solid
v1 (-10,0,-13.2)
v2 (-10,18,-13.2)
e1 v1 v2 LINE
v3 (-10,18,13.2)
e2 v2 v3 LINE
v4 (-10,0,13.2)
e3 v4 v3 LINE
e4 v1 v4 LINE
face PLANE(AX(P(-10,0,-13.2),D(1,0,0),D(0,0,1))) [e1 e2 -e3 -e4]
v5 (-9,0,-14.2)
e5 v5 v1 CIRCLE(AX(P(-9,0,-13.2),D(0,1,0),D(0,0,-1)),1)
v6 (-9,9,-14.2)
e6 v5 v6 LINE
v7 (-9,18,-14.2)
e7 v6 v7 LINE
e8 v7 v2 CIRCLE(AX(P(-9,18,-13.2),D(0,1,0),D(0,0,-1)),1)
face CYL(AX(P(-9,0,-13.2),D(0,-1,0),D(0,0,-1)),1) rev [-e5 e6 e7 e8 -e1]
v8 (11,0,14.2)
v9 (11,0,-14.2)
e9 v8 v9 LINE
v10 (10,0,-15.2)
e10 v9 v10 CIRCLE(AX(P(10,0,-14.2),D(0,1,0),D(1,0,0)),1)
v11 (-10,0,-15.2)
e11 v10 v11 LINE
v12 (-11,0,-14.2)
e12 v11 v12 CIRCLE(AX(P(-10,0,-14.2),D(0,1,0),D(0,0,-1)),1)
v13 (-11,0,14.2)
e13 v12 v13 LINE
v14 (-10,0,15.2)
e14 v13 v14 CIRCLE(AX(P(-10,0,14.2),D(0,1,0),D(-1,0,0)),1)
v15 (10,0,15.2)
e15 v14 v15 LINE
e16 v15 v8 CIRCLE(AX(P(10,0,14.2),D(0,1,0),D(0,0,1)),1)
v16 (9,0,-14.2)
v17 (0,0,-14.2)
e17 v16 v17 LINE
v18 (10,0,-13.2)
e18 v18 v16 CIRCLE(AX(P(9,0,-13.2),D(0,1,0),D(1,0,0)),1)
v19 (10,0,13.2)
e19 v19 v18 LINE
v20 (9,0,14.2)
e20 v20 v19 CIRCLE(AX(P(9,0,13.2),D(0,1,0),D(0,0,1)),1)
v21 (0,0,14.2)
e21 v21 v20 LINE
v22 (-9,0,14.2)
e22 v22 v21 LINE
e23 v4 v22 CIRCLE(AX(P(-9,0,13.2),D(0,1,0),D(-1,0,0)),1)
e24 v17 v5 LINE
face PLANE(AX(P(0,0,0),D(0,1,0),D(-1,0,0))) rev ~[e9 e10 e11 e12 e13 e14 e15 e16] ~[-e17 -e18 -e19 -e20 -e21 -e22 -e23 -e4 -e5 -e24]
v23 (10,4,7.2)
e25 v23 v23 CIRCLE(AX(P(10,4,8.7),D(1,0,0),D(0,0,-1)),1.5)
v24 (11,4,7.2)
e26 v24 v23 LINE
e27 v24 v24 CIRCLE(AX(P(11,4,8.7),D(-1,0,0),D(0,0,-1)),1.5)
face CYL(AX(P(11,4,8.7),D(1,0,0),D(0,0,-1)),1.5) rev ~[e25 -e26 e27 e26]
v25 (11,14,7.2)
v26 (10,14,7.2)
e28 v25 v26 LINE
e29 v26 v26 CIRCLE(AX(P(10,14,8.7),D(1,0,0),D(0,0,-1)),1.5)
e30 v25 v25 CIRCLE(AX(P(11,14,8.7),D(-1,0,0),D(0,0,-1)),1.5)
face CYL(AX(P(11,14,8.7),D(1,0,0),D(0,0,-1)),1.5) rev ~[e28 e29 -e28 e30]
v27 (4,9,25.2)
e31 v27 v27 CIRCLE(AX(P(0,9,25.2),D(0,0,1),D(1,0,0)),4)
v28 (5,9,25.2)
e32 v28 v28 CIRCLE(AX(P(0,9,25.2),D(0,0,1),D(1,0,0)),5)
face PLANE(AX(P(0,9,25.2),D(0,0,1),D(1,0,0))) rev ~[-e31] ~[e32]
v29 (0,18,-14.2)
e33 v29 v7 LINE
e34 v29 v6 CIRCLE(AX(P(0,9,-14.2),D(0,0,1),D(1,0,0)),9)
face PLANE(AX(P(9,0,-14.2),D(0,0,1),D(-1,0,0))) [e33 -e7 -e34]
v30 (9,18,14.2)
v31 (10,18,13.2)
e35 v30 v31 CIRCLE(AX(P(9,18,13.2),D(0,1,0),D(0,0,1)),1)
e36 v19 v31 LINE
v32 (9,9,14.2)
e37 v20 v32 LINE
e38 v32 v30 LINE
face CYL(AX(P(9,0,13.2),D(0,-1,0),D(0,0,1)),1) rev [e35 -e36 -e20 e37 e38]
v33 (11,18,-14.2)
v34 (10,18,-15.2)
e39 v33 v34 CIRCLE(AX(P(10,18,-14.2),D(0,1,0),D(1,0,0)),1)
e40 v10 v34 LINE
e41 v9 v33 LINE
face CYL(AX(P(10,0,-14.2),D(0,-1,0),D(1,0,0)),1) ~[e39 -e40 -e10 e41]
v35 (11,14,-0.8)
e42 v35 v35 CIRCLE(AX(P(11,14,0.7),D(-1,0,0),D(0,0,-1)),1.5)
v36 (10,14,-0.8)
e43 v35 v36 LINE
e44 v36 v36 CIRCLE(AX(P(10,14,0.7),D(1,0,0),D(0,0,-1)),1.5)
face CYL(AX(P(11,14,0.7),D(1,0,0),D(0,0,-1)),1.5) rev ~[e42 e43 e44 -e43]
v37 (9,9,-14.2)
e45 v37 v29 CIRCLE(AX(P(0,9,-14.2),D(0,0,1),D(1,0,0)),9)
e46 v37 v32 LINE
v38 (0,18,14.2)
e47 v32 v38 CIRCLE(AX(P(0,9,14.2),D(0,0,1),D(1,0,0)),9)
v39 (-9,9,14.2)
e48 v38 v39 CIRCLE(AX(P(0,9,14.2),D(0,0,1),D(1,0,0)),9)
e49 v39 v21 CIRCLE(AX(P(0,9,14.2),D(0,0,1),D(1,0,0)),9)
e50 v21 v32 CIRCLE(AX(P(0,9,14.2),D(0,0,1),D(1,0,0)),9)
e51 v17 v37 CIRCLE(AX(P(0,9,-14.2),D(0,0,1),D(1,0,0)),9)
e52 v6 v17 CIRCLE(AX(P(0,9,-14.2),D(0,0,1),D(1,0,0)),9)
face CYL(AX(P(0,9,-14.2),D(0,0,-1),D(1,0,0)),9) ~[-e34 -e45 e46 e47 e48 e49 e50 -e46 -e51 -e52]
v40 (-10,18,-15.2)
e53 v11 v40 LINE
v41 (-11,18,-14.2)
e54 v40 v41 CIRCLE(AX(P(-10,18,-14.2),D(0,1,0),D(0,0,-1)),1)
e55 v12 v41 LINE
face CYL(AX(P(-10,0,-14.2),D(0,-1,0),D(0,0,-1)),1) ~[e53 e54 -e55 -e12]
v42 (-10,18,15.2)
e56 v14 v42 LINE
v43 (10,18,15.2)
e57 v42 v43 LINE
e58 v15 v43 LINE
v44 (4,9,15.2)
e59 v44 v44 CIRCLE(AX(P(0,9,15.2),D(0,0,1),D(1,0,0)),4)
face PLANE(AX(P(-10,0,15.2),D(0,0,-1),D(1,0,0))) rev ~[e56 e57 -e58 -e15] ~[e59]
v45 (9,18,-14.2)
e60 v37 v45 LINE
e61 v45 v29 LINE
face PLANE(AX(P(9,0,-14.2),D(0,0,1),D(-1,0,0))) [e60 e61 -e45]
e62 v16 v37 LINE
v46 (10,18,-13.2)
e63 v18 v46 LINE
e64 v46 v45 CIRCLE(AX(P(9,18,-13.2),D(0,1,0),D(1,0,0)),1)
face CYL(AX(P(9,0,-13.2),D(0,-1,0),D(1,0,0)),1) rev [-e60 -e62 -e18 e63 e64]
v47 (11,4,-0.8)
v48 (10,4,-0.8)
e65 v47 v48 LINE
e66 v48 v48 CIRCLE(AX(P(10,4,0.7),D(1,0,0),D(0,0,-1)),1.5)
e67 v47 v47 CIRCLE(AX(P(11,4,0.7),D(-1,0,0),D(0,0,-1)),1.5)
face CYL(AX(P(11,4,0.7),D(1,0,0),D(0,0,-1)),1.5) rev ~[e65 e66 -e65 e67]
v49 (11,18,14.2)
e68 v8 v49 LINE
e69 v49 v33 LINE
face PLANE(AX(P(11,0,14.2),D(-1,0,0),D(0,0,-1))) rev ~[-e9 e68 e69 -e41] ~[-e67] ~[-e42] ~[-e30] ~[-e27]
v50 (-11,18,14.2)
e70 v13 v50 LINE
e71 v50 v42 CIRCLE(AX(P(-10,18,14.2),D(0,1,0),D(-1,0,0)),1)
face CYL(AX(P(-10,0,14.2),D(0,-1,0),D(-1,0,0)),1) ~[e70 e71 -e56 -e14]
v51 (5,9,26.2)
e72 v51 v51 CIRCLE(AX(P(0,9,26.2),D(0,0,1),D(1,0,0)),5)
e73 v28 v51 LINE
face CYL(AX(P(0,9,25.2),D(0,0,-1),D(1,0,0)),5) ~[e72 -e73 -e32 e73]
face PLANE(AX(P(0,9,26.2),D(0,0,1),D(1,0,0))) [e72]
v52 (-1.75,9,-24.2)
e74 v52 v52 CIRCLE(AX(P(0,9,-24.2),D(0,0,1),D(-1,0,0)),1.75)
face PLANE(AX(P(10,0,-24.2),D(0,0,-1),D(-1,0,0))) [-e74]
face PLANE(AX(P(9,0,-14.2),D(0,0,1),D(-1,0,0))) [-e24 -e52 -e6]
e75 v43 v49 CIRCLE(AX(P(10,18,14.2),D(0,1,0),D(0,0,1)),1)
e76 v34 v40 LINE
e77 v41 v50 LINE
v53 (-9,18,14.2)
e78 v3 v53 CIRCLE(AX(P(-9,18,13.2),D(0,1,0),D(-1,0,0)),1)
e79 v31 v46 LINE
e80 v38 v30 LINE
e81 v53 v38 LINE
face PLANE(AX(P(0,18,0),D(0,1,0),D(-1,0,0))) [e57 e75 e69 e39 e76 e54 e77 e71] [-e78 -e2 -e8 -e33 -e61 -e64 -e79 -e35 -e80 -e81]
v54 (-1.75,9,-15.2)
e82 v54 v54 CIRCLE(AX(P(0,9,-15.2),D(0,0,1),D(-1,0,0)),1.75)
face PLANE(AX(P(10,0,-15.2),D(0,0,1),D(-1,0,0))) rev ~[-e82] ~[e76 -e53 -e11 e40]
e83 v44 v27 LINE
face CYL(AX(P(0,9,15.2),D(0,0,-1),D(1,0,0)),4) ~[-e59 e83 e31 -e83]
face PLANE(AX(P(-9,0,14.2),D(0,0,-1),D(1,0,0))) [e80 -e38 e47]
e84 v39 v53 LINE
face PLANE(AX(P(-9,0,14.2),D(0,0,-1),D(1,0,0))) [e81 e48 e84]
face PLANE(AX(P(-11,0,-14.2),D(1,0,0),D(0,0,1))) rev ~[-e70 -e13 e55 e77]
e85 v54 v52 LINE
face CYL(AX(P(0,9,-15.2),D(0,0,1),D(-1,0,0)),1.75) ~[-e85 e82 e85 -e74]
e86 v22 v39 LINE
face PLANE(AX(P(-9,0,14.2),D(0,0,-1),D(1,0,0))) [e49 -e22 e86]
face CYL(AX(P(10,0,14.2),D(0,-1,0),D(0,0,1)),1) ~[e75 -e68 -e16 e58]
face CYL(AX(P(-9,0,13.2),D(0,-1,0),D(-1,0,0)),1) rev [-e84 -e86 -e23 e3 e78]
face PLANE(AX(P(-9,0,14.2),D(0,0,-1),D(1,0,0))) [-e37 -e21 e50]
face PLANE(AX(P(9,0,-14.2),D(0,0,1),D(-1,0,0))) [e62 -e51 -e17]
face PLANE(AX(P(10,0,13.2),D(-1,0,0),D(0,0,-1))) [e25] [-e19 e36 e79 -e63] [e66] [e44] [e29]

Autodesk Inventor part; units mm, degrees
ref_plane "YZ Plane" through (0, 0, 0) normal (1, 0, 0) x (0, 1, 0)
ref_plane "XZ Plane" through (0, 0, 0) normal (0, 1, 0) x (-1, 0, 0)
ref_plane "XY Plane" through (0, 0, 0) normal (0, 0, 1) x (1, 0, 0)
sketch "Sketch1" plane through (0, 0, 0) normal (0, 1, 0) x (-1, 0, 0)
  line L0 (-11, 14.2) -> (-11, -14.2)
  line L1 (-10, -15.2) -> (10, -15.2)
  line L2 (11, -14.2) -> (11, 14.2)
  line L3 (10, 15.2) -> (-10, 15.2)
  line L4 (-11, 15.2) -> (11, -15.2) construction
  line L5 (-11, -15.2) -> (11, 15.2) construction
  line L6 (-10, 13.2) -> (-10, -13.2)
  line L7 (-9, -14.2) -> (9, -14.2)
  line L8 (10, -13.2) -> (10, 13.2)
  line L9 (9, 14.2) -> (-9, 14.2)
  line L10 (-10, 14.2) -> (10, -14.2) construction
  line L11 (-10, -14.2) -> (10, 14.2) construction
  arc A0 (11, 14.2) -> (10, 15.2) centre (10, 14.2) ccw
  arc A1 (10, 13.2) -> (9, 14.2) centre (9, 13.2) ccw
  arc A2 (9, -14.2) -> (10, -13.2) centre (9, -13.2) ccw
  arc A3 (10, -15.2) -> (11, -14.2) centre (10, -14.2) ccw
  arc A4 (-10, -13.2) -> (-9, -14.2) centre (-9, -13.2) ccw
  arc A5 (-11, -14.2) -> (-10, -15.2) centre (-10, -14.2) ccw
  arc A6 (-10, 15.2) -> (-11, 14.2) centre (-10, 14.2) ccw
  arc A7 (-9, 14.2) -> (-10, 13.2) centre (-9, 13.2) ccw
  point P0 (0, 0)
  dimension "d0" = 30.4
  dimension "d1" = 22
  dimension "d2" = 28.4
  dimension "d3" = 20
  dimension "d4" = 1
  dimension "d5" = 1
extrude "Extrusion1" add sketch "Sketch1" along normal blind 18
sketch "Sketch3" plane through (-9, 0, -14.2) normal (0, 0, 1) x (1, 0, 0)
  line L0 (9, 0) -> (9, 9)
  circle A0 centre (9, 9) radius 9
  dimension "d12" = 9
  dimension "d13" = 18
extrude "Extrusion3" add sketch "Sketch3" along normal up to surface (28.4 mm away)
sketch "Sketch4" plane through (-10, 0, 15.2) normal (0, 0, 1) x (1, 0, 0)
  circle A0 centre (10, 9) radius 4
  point P0 (10, 0)
  dimension "d16" = 8
extrude "Extrusion4" add sketch "Sketch4" along normal blind 10
sketch "Sketch5" plane through (0, 9, 25.2) normal (0, 0, 1) x (1, 0, 0)
  circle A0 centre (0, 0) radius 5
  point P0 (0, -9)
  dimension "d19" = 10
extrude "Extrusion5" add sketch "Sketch5" along normal blind 1
sketch "Sketch7" plane through (10, 0, -15.2) normal (0, 0, -1) x (-1, 0, 0)
  line L0 (10, 9) -> (10, 0)
  circle A0 centre (10, 9) radius 1.75
  dimension "d22" = 3.5
extrude "Extrusion6" add sketch "Sketch7" along normal blind 9
sketch "Sketch8" plane through (11, 0, 14.2) normal (1, 0, 0) x (0, 0, -1)
  line L0 (-1, 0) -> (-1, 18) projected
  line L1 (-1, 9) -> (5.5, 9)
  line L2 (5.5, 9) -> (5.5, 14)
  line L3 (5.5, 14) -> (5.5, 4)
  line L4 (5.5, 4) -> (13.5, 4)
  line L5 (13.5, 4) -> (13.5, 14)
  circle A0 centre (5.5, 14) radius 1.5
  circle A1 centre (13.5, 14) radius 1.5
  circle A2 centre (13.5, 4) radius 1.5
  circle A3 centre (5.5, 4) radius 1.5
  point P0 (14.2, 0)
  dimension "d25" = 6.5
  dimension "d26" = 5
  dimension "d27" = 10
  dimension "d28" = 8
  dimension "d29" = 3
  dimension "d30" = 3
  dimension "d31" = 3
  dimension "d32" = 3
extrude "Extrusion7" cut sketch "Sketch8" against normal blind 2
properties part number "Solenoid"
